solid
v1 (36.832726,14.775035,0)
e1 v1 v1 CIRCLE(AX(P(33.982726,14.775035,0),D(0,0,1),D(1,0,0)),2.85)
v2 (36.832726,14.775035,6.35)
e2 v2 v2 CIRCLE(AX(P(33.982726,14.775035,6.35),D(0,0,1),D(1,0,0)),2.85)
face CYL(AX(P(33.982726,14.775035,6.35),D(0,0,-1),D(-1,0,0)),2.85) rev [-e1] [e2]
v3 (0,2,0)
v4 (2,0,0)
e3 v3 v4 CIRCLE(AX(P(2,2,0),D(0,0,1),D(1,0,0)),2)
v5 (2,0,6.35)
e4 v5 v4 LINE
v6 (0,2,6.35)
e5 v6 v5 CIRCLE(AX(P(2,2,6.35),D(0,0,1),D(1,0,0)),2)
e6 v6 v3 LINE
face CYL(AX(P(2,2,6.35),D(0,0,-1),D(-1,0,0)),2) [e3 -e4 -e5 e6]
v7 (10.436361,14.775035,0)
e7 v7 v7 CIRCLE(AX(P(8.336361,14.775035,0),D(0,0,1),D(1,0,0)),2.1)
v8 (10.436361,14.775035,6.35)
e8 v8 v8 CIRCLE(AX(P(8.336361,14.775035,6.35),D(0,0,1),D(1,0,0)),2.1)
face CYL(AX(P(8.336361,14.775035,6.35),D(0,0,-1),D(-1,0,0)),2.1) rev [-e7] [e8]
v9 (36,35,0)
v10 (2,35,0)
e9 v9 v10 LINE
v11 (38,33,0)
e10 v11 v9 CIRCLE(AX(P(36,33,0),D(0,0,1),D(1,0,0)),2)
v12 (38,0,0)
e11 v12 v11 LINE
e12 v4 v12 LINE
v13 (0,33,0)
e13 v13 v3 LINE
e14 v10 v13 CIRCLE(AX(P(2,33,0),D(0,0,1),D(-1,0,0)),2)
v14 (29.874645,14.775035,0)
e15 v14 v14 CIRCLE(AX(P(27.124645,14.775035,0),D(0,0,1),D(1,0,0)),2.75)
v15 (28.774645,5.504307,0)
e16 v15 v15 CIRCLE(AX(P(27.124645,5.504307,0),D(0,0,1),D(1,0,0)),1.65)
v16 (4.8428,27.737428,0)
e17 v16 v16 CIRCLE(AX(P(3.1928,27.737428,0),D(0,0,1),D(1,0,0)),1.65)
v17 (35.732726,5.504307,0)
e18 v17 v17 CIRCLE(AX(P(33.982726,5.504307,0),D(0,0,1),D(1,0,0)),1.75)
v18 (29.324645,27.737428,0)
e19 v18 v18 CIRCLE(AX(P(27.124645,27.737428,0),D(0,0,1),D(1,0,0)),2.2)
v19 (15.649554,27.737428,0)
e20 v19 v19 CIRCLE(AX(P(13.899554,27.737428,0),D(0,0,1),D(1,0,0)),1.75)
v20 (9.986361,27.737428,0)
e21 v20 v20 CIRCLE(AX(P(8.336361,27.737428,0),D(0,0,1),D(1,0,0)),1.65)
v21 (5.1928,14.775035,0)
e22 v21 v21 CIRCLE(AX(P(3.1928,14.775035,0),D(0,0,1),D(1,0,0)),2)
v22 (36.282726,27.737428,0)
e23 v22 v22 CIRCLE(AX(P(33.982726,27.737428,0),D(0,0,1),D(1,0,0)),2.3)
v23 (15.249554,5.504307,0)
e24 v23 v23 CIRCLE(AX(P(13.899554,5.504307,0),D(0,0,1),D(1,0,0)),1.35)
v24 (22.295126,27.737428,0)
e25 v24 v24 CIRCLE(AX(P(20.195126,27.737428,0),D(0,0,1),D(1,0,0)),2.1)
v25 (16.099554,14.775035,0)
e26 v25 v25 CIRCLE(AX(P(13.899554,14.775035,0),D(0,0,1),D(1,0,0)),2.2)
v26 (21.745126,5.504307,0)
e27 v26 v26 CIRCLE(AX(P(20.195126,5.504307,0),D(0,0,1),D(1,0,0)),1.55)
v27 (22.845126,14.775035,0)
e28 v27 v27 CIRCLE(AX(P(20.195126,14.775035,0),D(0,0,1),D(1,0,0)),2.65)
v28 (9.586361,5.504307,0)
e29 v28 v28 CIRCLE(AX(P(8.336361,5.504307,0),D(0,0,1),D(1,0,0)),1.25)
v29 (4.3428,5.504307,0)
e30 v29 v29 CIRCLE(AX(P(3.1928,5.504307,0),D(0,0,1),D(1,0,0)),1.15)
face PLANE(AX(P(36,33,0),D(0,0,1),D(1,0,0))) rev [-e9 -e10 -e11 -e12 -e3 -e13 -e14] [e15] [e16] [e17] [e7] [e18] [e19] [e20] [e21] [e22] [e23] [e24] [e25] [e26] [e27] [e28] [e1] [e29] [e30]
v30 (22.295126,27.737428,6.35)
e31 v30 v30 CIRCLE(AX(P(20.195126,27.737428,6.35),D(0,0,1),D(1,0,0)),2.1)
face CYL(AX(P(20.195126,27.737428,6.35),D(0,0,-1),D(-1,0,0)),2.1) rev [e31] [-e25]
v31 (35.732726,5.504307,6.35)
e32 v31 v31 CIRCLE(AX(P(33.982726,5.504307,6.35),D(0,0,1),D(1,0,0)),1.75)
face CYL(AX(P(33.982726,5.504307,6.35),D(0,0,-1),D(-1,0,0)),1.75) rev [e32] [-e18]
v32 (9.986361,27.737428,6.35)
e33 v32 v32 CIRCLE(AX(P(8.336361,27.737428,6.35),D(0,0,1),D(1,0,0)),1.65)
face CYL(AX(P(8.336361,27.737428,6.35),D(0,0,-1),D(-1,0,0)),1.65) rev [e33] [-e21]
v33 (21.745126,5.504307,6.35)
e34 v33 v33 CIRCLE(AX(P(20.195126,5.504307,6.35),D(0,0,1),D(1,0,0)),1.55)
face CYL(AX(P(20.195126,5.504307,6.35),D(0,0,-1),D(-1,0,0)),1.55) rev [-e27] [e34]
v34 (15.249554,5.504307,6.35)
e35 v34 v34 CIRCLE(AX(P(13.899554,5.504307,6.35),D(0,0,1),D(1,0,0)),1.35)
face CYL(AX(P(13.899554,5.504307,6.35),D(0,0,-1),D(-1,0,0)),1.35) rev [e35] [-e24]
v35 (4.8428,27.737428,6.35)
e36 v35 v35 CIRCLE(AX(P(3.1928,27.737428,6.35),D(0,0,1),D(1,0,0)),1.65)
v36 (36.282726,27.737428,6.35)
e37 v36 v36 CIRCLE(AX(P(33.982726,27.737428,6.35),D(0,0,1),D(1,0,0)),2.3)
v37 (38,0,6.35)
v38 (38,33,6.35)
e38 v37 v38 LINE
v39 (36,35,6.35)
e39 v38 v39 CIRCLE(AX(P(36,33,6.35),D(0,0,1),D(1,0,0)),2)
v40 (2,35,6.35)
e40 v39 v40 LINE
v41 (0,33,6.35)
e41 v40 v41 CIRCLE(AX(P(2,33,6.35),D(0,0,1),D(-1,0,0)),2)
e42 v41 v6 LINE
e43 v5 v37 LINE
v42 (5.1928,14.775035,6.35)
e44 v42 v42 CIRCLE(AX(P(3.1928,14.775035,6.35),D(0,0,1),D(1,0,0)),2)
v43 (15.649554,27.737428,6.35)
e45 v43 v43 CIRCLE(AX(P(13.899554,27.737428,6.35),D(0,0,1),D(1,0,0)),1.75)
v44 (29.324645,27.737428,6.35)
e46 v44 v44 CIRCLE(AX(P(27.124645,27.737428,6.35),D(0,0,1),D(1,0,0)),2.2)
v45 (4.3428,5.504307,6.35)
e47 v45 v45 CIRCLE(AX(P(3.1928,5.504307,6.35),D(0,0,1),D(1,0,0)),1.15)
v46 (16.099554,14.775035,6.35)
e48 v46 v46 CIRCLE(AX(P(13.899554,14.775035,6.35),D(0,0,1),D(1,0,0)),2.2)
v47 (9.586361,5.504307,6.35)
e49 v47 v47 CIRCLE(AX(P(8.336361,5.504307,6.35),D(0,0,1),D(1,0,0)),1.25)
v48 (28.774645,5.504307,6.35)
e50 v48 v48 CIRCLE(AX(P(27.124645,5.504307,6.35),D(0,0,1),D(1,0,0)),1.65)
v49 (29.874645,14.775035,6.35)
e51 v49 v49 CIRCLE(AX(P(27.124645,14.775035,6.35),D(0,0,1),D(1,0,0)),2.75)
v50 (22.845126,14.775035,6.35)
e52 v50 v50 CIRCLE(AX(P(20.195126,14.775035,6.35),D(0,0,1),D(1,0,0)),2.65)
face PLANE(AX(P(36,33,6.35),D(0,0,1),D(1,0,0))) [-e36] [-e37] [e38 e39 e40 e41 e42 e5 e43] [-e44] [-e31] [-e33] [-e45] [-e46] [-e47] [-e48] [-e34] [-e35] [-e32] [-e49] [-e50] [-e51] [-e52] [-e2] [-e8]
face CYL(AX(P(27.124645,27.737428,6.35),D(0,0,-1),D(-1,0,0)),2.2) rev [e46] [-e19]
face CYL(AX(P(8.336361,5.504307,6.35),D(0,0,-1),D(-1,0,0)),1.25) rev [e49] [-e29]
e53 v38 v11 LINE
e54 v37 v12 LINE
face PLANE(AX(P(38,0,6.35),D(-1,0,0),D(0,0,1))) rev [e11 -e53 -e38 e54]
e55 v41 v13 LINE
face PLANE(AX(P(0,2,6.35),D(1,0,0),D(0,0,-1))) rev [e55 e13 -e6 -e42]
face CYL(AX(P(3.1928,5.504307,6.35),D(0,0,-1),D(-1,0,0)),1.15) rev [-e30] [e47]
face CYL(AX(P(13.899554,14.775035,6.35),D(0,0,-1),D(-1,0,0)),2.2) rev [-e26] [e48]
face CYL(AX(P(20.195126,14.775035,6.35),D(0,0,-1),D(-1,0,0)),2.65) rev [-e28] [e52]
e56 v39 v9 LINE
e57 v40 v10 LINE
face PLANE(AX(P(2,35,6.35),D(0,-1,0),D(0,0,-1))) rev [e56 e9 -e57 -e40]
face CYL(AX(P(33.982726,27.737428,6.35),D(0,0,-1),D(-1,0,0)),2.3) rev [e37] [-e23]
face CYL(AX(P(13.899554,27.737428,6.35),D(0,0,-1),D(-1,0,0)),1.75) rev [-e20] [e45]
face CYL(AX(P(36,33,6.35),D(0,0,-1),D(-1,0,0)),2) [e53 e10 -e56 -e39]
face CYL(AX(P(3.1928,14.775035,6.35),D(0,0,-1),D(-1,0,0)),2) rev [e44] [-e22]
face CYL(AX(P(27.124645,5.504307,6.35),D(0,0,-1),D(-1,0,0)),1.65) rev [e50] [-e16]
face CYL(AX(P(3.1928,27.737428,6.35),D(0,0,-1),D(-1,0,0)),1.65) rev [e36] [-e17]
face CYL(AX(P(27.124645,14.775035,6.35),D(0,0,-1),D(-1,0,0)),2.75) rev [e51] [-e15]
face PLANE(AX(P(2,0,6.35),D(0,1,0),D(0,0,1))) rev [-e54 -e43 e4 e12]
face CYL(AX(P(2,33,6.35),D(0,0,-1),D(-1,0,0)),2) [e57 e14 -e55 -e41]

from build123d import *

# Parameters (mm, degrees)
SKETCH1_R           = 1.65
SKETCH1_R_2         = 2.2
SKETCH1_R_3         = 2.1
SKETCH1_R_4         = 2.75
SKETCH1_R_5         = 1.75
SKETCH1_R_6         = 2.3
SKETCH1_R_7         = 2.85
SKETCH1_R_8         = 2.65
SKETCH1_R_9         = 2
SKETCH1_R_10        = 1.25
SKETCH1_R_11        = 1.35
SKETCH1_R_12        = 1.55
SKETCH1_R_13        = 1.15
BOSS_EXTRUDE1_DEPTH = 6.35


with BuildPart() as part:
    # Sketch1 → Boss-Extrude1 (new body)
    with BuildSketch(Plane.XY):
        with BuildLine():
            Line((2, 0), (38, 0))
            Line((38, 0), (38, 33))
            ThreePointArc((38, 33), (37.414213562, 34.414213562), (36, 35))
            Line((36, 35), (2, 35))
            ThreePointArc((2, 35), (0.585786438, 34.414213562), (0, 33))
            Line((0, 33), (0, 2))
            ThreePointArc((0, 2), (0.585786438, 0.585786438), (2, 0))
        make_face()
        with Locations((8.336360719, 27.737428386)):
            Circle(SKETCH1_R, mode=Mode.SUBTRACT)
        with Locations((27.124645172, 27.737428386)):
            Circle(SKETCH1_R_2, mode=Mode.SUBTRACT)
        with Locations((8.336360719, 14.775034728)):
            Circle(SKETCH1_R_3, mode=Mode.SUBTRACT)
        with Locations((27.124645172, 14.775034728)):
            Circle(SKETCH1_R_4, mode=Mode.SUBTRACT)
        with Locations((13.899554089, 27.737428386)):
            Circle(SKETCH1_R_5, mode=Mode.SUBTRACT)
        with Locations((33.982726189, 27.737428386)):
            Circle(SKETCH1_R_6, mode=Mode.SUBTRACT)
        with Locations((20.195125811, 27.737428386)):
            Circle(SKETCH1_R_3, mode=Mode.SUBTRACT)
        with Locations((3.192799956, 27.737428386)):
            Circle(SKETCH1_R, mode=Mode.SUBTRACT)
        with Locations((33.982726189, 14.775034728)):
            Circle(SKETCH1_R_7, mode=Mode.SUBTRACT)
        with Locations((20.195125811, 14.775034728)):
            Circle(SKETCH1_R_8, mode=Mode.SUBTRACT)
        with Locations((3.192799956, 14.775034728)):
            Circle(SKETCH1_R_9, mode=Mode.SUBTRACT)
        with Locations((13.899554089, 14.775034728)):
            Circle(SKETCH1_R_2, mode=Mode.SUBTRACT)
        with Locations((8.336360719, 5.504307148)):
            Circle(SKETCH1_R_10, mode=Mode.SUBTRACT)
        with Locations((27.124645172, 5.504307148)):
            Circle(SKETCH1_R, mode=Mode.SUBTRACT)
        with Locations((13.899554089, 5.504307148)):
            Circle(SKETCH1_R_11, mode=Mode.SUBTRACT)
        with Locations((33.982726189, 5.504307148)):
            Circle(SKETCH1_R_5, mode=Mode.SUBTRACT)
        with Locations((20.195125811, 5.504307148)):
            Circle(SKETCH1_R_12, mode=Mode.SUBTRACT)
        with Locations((3.192799956, 5.504307148)):
            Circle(SKETCH1_R_13, mode=Mode.SUBTRACT)
    extrude(amount=BOSS_EXTRUDE1_DEPTH)


solid = part.part
